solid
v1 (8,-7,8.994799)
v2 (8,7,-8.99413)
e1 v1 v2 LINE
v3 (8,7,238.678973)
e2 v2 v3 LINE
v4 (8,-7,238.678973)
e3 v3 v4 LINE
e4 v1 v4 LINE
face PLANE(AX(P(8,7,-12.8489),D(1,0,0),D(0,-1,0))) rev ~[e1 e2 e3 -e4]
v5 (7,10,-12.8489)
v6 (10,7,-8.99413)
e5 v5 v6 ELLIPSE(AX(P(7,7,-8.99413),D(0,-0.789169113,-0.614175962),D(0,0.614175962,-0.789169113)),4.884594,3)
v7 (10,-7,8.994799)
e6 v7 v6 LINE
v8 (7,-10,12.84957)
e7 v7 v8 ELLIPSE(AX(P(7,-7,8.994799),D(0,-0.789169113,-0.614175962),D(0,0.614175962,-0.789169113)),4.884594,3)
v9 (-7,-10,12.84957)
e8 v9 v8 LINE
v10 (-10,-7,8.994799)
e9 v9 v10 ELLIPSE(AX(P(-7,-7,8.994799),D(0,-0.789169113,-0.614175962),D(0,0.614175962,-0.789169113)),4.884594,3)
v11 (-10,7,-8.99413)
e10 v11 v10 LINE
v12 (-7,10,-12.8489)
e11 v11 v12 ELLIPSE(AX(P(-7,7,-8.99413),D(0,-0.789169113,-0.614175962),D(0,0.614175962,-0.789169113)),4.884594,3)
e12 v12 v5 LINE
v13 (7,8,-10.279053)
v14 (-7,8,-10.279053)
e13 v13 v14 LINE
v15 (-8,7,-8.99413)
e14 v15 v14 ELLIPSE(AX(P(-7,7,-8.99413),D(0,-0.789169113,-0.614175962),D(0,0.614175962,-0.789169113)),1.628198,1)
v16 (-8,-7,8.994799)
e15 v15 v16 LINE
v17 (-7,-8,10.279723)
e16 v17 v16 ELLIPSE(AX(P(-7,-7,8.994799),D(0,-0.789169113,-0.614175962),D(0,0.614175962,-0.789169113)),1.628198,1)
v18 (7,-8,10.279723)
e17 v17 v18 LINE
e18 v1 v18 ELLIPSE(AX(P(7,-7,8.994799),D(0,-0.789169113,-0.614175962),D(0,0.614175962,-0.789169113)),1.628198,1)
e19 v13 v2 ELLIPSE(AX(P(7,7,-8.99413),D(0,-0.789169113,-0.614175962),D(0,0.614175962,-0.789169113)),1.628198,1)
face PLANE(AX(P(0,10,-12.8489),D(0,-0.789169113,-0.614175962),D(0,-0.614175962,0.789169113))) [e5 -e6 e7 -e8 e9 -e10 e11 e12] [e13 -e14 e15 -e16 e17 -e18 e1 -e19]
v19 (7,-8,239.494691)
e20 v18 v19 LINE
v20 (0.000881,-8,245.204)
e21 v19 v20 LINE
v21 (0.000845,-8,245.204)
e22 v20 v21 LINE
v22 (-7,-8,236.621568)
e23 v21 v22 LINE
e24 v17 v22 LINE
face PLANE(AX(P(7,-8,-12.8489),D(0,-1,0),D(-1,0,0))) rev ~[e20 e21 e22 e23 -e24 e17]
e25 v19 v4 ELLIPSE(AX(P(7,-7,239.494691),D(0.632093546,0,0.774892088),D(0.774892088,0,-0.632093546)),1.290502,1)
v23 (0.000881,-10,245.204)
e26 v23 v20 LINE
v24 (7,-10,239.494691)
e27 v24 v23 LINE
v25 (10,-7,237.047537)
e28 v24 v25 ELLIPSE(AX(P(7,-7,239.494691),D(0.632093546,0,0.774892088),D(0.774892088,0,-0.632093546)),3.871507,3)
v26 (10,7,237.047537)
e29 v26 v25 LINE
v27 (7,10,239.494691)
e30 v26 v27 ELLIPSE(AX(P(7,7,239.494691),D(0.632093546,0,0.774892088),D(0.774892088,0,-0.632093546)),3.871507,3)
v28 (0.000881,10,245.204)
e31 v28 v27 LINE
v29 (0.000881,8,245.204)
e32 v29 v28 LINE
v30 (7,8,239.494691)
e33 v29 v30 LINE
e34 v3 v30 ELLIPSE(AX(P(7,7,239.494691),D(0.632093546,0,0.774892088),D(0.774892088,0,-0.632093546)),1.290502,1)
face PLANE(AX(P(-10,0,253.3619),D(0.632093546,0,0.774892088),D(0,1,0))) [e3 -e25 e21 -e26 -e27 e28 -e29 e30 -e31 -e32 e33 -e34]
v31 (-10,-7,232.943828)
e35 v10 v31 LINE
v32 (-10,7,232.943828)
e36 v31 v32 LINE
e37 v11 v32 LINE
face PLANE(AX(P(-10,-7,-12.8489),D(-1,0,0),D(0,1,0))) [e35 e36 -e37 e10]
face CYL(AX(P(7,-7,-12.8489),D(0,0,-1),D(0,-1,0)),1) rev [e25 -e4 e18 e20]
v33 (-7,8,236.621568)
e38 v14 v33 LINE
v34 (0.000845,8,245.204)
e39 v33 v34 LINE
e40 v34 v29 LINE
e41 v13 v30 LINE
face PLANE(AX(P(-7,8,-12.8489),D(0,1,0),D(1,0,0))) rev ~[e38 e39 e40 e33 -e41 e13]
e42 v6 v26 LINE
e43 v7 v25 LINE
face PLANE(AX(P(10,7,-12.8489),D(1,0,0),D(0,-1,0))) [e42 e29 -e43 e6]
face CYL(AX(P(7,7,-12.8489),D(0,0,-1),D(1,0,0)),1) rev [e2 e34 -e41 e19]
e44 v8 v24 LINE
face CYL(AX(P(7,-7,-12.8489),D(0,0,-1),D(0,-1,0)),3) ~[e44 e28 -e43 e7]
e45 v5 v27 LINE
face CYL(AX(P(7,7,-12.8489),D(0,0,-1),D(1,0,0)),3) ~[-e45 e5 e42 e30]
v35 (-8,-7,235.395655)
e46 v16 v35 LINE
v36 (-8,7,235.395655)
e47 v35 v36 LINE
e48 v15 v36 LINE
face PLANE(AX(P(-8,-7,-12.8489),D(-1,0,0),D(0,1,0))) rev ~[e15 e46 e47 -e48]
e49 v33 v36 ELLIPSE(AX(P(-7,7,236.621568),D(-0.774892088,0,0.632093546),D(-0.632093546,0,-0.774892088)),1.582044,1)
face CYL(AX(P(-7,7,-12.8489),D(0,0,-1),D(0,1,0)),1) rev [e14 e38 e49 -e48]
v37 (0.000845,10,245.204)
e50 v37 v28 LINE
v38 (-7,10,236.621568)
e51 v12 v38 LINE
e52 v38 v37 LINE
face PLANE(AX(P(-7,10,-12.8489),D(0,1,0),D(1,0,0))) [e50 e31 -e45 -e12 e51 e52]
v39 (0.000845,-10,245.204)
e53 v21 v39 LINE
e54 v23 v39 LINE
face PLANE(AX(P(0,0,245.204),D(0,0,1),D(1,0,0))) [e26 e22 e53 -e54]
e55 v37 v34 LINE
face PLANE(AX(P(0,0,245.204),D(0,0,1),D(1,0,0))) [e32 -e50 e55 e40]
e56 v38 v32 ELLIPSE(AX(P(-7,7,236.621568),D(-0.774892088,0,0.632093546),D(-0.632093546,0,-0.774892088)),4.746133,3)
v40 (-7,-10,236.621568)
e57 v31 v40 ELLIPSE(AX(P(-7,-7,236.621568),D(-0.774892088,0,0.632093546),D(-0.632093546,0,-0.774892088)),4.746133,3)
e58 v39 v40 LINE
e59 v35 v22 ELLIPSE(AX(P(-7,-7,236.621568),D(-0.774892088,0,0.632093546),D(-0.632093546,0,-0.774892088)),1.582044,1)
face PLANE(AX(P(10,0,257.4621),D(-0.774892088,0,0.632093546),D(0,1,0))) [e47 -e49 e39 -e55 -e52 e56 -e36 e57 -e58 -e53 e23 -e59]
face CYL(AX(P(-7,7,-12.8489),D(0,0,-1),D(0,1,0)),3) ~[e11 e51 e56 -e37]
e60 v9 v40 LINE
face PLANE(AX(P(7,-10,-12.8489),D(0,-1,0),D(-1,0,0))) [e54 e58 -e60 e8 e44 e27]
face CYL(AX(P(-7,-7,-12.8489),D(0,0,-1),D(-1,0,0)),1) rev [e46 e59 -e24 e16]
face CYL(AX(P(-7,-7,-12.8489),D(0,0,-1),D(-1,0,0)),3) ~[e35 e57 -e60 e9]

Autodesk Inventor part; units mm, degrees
ref_plane "Start Plane" through (0, 0, -12.8489) normal (0, 0, 1) x (1, 0, 0)
ref_plane "End Plane" through (0, 0, 245.204) normal (0, 0, 1) x (1, 0, 0)
sketch "Sketch" plane through (0, 0, 0) normal (0, 0, 1) x (1, 0, 0)
  line L0 (-10, -7) -> (-10, 7)
  line L1 (-7, 10) -> (7, 10)
  line L2 (10, 7) -> (10, -7)
  line L3 (7, -10) -> (-7, -10)
  arc A0 (-10, -7) -> (-7, -10) centre (-7, -7) ccw
  arc A1 (-7, 10) -> (-10, 7) centre (-7, 7) ccw
  arc A2 (10, 7) -> (7, 10) centre (7, 7) ccw
  arc A3 (7, -10) -> (10, -7) centre (7, -7) ccw
  arc A4 (-7, 8) -> (-8, 7) centre (-7, 7) ccw
  line L4 (-7, 8) -> (7, 8)
  arc A5 (8, 7) -> (7, 8) centre (7, 7) ccw
  line L5 (8, 7) -> (8, -7)
  arc A6 (7, -8) -> (8, -7) centre (7, -7) ccw
  line L6 (7, -8) -> (-7, -8)
  arc A7 (-8, -7) -> (-7, -8) centre (-7, -7) ccw
  line L7 (-8, -7) -> (-8, 7)
  line L8 (0, 14.8698) -> (0, -14.8698) construction
  line L9 (-14.8698, 0) -> (14.8698, 0) construction
  dimension "d7" = 3
  dimension "d10" = 20
  dimension "d11" = 20
  dimension "d12" = 2
  dimension "d15" = 10
  dimension "d16" = 10
extrude "Body" add sketch "Sketch" along normal up to surface (258.0529 mm away) from surface at -12.8489
sketch "Sketch3" plane through (0, 0, 0) normal (0, 0, 1) x (1, 0, 0)
  line L0 (0, 0) -> (10, 0)
ref_plane "Work Plane3" through (0, 0, 0) normal (0, -1, 0) x (1, 0, 0)
sketch "Sketch4" plane through (0, 0, 0) normal (0, -1, 0) x (1, 0, 0)
  line L0 (-2, -12.8489) -> (12, -12.8489)
  line L1 (-2, 245.204) -> (12, 245.204)
  dimension "d18" = 258.0529
ref_plane "Work Plane4" through (-10, 0, 253.3619) normal (0.6321, 0, 0.7749) x (0.7749, 0, -0.6321)
split "Split1" plane through (-10, 0, 253.3619) removes the side toward (0.6321, 0, 0.7749)
ref_plane "Work Plane5" through (10, 0, 257.4621) normal (-0.7749, 0, 0.6321) x (0.6321, 0, 0.7749)
split "Split2" plane through (10, 0, 257.4621) removes the side toward (-0.7749, 0, 0.6321)
ref_plane "Work Plane6" through (0, 10, -12.8489) normal (0, -0.7892, -0.6142) x (1, 0, 0)
split "Split3" plane through (0, 10, -12.8489) removes the side toward (0, -0.7892, -0.6142)
equation "\"d7\" = G_IR"
equation "\"d10\" = G_H"
equation "\"d11\" = G_W"
equation "\"d12\" = G_T"
equation "\"d15\" = 0.5 * d10"
equation "\"d16\" = 0.5 * d11"
equation "\"d3\" = G_L"
equation "\"G_W\" = 20"
equation "\"G_H\" = 20"
equation "\"G_T\" = 2"
equation "\"G_IR\" = 3"
equation "\"G_L\" = d18"
equation "\"G_OFFSET_START\" = 12.84887"
equation "\"G_OFFSET_END\" = 0"
equation "\"d13\" = -G_OFFSET_START"
equation "\"d14\" = G_OFFSET_END + B_L"
equation "\"B_L\" = 245.204"
properties part number "ISO 12633-2 - 20x20x2 - 258.05" material "Steel, Mild"
